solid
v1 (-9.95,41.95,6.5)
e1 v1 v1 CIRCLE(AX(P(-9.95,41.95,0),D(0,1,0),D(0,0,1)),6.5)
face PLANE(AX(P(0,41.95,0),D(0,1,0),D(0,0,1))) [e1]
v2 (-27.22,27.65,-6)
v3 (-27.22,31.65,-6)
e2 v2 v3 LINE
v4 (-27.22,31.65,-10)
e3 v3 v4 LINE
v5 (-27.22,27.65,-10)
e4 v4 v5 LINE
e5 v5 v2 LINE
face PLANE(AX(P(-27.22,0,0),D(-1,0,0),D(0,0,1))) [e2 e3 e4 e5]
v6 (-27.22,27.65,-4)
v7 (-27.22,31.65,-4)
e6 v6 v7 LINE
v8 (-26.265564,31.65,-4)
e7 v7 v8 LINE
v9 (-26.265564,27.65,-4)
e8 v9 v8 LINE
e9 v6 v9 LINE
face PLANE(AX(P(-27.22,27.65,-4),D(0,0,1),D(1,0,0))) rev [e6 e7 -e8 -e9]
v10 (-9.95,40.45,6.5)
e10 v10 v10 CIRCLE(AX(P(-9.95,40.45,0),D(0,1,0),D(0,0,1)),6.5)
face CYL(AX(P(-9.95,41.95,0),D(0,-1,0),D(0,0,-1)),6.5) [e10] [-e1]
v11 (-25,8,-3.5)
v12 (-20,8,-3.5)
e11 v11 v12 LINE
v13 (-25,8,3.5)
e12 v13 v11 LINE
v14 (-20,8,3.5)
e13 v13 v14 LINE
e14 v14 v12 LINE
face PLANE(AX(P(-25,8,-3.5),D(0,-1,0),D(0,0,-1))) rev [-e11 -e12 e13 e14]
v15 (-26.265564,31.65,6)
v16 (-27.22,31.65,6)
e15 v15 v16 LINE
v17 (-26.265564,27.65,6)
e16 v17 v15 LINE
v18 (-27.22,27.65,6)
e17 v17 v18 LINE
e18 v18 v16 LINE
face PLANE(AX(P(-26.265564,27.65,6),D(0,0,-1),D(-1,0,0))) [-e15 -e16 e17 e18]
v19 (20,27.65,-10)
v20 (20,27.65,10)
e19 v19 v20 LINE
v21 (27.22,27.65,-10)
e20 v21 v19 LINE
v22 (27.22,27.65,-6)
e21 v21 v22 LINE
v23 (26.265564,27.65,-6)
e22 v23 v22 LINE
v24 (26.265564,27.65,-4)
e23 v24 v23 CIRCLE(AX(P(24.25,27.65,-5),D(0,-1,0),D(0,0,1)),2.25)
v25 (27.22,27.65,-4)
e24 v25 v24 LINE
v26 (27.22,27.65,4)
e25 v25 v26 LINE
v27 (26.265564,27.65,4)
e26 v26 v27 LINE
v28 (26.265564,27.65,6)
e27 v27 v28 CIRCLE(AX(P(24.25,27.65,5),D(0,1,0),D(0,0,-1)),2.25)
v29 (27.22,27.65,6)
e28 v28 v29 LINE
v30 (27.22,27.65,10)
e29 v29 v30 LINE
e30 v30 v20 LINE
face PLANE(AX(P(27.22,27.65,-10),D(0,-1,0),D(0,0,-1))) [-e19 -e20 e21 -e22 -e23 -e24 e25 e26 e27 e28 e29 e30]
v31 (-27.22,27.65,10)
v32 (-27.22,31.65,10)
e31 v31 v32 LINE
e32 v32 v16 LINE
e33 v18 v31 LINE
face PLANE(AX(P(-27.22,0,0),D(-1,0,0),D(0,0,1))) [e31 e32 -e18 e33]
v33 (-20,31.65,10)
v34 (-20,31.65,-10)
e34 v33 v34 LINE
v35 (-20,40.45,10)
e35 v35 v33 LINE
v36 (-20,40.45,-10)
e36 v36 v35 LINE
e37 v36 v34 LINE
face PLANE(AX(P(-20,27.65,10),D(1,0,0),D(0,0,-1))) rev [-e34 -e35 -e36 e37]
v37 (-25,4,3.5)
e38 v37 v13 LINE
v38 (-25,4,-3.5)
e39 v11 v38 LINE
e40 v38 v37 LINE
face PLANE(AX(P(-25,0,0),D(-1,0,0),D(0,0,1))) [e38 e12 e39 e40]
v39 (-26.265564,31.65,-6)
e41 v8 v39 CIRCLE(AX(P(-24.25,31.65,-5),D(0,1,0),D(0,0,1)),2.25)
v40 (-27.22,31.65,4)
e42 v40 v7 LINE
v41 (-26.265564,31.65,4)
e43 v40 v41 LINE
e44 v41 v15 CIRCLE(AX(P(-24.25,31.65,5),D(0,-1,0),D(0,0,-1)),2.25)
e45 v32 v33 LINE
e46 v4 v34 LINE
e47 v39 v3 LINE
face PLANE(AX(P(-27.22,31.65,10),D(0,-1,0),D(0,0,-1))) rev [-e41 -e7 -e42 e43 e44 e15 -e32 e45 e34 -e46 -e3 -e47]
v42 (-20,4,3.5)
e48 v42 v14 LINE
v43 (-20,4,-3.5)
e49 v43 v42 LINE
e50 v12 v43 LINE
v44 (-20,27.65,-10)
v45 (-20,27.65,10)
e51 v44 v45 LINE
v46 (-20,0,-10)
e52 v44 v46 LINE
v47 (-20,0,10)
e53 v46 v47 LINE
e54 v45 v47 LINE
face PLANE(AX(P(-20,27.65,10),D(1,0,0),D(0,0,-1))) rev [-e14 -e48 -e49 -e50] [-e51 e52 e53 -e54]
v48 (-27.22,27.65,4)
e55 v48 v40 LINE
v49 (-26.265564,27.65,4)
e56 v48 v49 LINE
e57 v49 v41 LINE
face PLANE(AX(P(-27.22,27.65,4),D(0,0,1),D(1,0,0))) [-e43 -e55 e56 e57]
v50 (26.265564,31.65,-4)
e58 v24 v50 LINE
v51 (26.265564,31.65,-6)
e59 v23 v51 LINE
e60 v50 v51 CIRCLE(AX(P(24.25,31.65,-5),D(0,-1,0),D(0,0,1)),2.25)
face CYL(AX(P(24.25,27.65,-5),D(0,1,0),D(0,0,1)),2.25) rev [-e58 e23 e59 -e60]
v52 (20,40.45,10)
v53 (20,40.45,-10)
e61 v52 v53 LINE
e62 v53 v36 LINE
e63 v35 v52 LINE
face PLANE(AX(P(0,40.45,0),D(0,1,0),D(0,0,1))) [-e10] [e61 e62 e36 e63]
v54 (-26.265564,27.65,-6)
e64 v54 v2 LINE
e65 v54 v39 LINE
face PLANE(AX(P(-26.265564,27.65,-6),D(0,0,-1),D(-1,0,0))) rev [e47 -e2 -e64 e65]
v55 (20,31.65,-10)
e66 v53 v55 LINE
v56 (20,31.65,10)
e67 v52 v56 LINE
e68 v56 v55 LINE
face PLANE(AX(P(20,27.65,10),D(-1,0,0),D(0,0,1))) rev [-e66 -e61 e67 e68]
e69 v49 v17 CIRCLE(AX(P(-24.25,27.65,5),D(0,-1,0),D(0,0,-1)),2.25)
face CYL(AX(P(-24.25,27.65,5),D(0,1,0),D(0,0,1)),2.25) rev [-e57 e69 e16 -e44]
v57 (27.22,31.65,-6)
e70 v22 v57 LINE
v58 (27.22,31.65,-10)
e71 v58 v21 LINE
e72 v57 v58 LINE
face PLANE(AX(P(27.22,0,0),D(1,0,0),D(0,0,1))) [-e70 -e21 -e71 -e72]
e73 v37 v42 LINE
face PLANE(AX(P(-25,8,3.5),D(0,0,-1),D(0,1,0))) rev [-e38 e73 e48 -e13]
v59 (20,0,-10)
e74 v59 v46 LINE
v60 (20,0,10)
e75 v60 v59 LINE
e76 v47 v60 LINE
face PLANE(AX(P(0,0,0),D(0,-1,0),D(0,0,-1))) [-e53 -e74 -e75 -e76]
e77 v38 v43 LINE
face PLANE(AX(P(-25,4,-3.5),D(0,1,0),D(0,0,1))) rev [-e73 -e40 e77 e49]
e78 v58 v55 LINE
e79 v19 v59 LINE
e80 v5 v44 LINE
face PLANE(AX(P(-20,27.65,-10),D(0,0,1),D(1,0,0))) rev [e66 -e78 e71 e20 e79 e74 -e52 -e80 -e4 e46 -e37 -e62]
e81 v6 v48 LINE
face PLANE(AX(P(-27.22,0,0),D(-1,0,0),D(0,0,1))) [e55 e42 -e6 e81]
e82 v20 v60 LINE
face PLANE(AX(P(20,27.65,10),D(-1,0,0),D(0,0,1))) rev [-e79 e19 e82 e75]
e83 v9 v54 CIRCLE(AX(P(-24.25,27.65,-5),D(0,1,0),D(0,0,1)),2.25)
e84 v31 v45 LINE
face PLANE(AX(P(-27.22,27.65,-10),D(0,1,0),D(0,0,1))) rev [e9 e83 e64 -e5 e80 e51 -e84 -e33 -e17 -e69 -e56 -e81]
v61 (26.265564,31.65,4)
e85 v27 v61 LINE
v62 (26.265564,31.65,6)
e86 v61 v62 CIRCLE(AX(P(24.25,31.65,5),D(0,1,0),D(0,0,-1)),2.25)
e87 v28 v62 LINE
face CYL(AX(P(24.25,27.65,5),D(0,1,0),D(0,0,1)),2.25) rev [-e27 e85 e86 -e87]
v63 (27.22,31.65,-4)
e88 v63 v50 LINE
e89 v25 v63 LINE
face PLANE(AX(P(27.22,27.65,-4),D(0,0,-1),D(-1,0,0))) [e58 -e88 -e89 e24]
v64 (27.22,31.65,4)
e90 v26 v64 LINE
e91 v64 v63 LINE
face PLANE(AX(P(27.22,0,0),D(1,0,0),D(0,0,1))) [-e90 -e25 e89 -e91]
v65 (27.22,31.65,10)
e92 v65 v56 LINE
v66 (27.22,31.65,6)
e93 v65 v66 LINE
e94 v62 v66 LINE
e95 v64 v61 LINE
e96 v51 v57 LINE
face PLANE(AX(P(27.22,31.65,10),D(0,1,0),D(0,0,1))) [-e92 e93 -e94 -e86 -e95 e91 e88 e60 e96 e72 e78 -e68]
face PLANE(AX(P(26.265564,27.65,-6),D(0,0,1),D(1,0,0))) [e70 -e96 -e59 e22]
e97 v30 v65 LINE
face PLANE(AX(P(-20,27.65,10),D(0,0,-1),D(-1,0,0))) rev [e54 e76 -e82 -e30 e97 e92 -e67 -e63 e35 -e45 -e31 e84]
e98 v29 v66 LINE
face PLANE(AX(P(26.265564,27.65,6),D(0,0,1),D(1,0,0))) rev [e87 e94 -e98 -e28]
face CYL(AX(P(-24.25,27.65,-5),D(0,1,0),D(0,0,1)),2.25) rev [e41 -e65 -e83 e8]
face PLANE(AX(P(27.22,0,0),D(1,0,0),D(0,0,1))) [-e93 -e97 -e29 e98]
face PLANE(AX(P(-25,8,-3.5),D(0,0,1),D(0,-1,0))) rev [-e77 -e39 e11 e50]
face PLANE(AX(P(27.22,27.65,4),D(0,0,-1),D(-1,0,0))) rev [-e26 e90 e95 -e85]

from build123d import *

# Parameters (mm, degrees)
SKETCH2_W             = 40
SKETCH2_H             = 20
BOSS_EXTRUDE1_DEPTH   = 27.65
SKETCH3_W             = 7
SKETCH3_H             = 4
BOSS_EXTRUDE2_DEPTH   = 5
SKETCH5_W             = 40
SKETCH5_H             = 20
BOSS_EXTRUDE5_DEPTH   = 12.8
SKETCH7_W             = 20
SKETCH7_H             = 4
BOSS_EXTRUDE6_DEPTH   = 7.22
CUT_EXTRUDE3_DEPTH    = 4
MIRROR11_COPY_1_DEPTH = 4
SKETCH9_R             = 6.5
BOSS_EXTRUDE8_DEPTH   = 1.5


with BuildPart() as part:
    # Sketch2 → Boss-Extrude1 (new body)
    with BuildSketch(Plane(origin=(0, 0, 0), x_dir=(1, 0, 0), z_dir=(0, 1, 0))):
        Rectangle(SKETCH2_W, SKETCH2_H)
    extrude(amount=BOSS_EXTRUDE1_DEPTH)

    # Sketch3 → Boss-Extrude2 (add)
    with BuildSketch(Plane.ZY.offset(20)):
        with Locations((0, 6)):
            Rectangle(SKETCH3_W, SKETCH3_H)
    extrude(amount=BOSS_EXTRUDE2_DEPTH)

    # Sketch5 → Boss-Extrude5 (add)
    with BuildSketch(Plane(origin=(0, 27.65, 0), x_dir=(1, 0, 0), z_dir=(0, 1, 0))):
        Rectangle(SKETCH5_W, SKETCH5_H)
    extrude(amount=BOSS_EXTRUDE5_DEPTH)

    # Sketch7 → Boss-Extrude6 (add)
    with BuildSketch(Plane.ZY.offset(20)):
        with Locations((0, 29.65)):
            Rectangle(SKETCH7_W, SKETCH7_H)
    boss_extrude6 = extrude(amount=BOSS_EXTRUDE6_DEPTH)

    # Sketch8 → Cut-Extrude3 (cut)
    with BuildSketch(Plane(origin=(0, 31.65, 0), x_dir=(1, 0, 0), z_dir=(0, 1, 0))):
        with BuildLine():
            Line((-26.265564437, 6), (-27.22, 6))
            Line((-27.22, 6), (-27.22, 4))
            Line((-27.22, 4), (-26.265564437, 4))
            ThreePointArc((-26.265564437, 4), (-22, 5), (-26.265564437, 6))
        make_face()
    cut_extrude3 = extrude(amount=-CUT_EXTRUDE3_DEPTH, mode=Mode.SUBTRACT)

    # Mirror10: Cut-Extrude3 across plane
    add(cut_extrude3.mirror(Plane.XY), mode=Mode.SUBTRACT)

    # Mirror11: Boss-Extrude6, Cut-Extrude3 across plane
    add(boss_extrude6.mirror(Plane(origin=(0, 0, 0), x_dir=(0, 0, 1), z_dir=(1, 0, 0))))
    add(cut_extrude3.mirror(Plane(origin=(0, 0, 0), x_dir=(0, 0, 1), z_dir=(1, 0, 0))), mode=Mode.SUBTRACT)

    # Mirror11 copy 1 sketch → Mirror11 copy 1 (cut)
    with BuildSketch(Plane(origin=(0, 31.65, 0), x_dir=(-1, 0, 0), z_dir=(0, 1, 0))):
        with BuildLine():
            Line((-26.265564437, 6), (-27.22, 6))
            Line((-27.22, 6), (-27.22, 4))
            Line((-27.22, 4), (-26.265564437, 4))
            ThreePointArc((-26.265564437, 4), (-22, 5), (-26.265564437, 6))
        make_face()
    extrude(amount=-MIRROR11_COPY_1_DEPTH, mode=Mode.SUBTRACT)

    # Sketch9 → Boss-Extrude8 (add)
    with BuildSketch(Plane(origin=(0, 40.45, 0), x_dir=(1, 0, 0), z_dir=(0, 1, 0))):
        with Locations(Location((-9.95, 0, 0), (0, 0, 270))):
            Circle(SKETCH9_R)
    extrude(amount=BOSS_EXTRUDE8_DEPTH)


solid = part.part
